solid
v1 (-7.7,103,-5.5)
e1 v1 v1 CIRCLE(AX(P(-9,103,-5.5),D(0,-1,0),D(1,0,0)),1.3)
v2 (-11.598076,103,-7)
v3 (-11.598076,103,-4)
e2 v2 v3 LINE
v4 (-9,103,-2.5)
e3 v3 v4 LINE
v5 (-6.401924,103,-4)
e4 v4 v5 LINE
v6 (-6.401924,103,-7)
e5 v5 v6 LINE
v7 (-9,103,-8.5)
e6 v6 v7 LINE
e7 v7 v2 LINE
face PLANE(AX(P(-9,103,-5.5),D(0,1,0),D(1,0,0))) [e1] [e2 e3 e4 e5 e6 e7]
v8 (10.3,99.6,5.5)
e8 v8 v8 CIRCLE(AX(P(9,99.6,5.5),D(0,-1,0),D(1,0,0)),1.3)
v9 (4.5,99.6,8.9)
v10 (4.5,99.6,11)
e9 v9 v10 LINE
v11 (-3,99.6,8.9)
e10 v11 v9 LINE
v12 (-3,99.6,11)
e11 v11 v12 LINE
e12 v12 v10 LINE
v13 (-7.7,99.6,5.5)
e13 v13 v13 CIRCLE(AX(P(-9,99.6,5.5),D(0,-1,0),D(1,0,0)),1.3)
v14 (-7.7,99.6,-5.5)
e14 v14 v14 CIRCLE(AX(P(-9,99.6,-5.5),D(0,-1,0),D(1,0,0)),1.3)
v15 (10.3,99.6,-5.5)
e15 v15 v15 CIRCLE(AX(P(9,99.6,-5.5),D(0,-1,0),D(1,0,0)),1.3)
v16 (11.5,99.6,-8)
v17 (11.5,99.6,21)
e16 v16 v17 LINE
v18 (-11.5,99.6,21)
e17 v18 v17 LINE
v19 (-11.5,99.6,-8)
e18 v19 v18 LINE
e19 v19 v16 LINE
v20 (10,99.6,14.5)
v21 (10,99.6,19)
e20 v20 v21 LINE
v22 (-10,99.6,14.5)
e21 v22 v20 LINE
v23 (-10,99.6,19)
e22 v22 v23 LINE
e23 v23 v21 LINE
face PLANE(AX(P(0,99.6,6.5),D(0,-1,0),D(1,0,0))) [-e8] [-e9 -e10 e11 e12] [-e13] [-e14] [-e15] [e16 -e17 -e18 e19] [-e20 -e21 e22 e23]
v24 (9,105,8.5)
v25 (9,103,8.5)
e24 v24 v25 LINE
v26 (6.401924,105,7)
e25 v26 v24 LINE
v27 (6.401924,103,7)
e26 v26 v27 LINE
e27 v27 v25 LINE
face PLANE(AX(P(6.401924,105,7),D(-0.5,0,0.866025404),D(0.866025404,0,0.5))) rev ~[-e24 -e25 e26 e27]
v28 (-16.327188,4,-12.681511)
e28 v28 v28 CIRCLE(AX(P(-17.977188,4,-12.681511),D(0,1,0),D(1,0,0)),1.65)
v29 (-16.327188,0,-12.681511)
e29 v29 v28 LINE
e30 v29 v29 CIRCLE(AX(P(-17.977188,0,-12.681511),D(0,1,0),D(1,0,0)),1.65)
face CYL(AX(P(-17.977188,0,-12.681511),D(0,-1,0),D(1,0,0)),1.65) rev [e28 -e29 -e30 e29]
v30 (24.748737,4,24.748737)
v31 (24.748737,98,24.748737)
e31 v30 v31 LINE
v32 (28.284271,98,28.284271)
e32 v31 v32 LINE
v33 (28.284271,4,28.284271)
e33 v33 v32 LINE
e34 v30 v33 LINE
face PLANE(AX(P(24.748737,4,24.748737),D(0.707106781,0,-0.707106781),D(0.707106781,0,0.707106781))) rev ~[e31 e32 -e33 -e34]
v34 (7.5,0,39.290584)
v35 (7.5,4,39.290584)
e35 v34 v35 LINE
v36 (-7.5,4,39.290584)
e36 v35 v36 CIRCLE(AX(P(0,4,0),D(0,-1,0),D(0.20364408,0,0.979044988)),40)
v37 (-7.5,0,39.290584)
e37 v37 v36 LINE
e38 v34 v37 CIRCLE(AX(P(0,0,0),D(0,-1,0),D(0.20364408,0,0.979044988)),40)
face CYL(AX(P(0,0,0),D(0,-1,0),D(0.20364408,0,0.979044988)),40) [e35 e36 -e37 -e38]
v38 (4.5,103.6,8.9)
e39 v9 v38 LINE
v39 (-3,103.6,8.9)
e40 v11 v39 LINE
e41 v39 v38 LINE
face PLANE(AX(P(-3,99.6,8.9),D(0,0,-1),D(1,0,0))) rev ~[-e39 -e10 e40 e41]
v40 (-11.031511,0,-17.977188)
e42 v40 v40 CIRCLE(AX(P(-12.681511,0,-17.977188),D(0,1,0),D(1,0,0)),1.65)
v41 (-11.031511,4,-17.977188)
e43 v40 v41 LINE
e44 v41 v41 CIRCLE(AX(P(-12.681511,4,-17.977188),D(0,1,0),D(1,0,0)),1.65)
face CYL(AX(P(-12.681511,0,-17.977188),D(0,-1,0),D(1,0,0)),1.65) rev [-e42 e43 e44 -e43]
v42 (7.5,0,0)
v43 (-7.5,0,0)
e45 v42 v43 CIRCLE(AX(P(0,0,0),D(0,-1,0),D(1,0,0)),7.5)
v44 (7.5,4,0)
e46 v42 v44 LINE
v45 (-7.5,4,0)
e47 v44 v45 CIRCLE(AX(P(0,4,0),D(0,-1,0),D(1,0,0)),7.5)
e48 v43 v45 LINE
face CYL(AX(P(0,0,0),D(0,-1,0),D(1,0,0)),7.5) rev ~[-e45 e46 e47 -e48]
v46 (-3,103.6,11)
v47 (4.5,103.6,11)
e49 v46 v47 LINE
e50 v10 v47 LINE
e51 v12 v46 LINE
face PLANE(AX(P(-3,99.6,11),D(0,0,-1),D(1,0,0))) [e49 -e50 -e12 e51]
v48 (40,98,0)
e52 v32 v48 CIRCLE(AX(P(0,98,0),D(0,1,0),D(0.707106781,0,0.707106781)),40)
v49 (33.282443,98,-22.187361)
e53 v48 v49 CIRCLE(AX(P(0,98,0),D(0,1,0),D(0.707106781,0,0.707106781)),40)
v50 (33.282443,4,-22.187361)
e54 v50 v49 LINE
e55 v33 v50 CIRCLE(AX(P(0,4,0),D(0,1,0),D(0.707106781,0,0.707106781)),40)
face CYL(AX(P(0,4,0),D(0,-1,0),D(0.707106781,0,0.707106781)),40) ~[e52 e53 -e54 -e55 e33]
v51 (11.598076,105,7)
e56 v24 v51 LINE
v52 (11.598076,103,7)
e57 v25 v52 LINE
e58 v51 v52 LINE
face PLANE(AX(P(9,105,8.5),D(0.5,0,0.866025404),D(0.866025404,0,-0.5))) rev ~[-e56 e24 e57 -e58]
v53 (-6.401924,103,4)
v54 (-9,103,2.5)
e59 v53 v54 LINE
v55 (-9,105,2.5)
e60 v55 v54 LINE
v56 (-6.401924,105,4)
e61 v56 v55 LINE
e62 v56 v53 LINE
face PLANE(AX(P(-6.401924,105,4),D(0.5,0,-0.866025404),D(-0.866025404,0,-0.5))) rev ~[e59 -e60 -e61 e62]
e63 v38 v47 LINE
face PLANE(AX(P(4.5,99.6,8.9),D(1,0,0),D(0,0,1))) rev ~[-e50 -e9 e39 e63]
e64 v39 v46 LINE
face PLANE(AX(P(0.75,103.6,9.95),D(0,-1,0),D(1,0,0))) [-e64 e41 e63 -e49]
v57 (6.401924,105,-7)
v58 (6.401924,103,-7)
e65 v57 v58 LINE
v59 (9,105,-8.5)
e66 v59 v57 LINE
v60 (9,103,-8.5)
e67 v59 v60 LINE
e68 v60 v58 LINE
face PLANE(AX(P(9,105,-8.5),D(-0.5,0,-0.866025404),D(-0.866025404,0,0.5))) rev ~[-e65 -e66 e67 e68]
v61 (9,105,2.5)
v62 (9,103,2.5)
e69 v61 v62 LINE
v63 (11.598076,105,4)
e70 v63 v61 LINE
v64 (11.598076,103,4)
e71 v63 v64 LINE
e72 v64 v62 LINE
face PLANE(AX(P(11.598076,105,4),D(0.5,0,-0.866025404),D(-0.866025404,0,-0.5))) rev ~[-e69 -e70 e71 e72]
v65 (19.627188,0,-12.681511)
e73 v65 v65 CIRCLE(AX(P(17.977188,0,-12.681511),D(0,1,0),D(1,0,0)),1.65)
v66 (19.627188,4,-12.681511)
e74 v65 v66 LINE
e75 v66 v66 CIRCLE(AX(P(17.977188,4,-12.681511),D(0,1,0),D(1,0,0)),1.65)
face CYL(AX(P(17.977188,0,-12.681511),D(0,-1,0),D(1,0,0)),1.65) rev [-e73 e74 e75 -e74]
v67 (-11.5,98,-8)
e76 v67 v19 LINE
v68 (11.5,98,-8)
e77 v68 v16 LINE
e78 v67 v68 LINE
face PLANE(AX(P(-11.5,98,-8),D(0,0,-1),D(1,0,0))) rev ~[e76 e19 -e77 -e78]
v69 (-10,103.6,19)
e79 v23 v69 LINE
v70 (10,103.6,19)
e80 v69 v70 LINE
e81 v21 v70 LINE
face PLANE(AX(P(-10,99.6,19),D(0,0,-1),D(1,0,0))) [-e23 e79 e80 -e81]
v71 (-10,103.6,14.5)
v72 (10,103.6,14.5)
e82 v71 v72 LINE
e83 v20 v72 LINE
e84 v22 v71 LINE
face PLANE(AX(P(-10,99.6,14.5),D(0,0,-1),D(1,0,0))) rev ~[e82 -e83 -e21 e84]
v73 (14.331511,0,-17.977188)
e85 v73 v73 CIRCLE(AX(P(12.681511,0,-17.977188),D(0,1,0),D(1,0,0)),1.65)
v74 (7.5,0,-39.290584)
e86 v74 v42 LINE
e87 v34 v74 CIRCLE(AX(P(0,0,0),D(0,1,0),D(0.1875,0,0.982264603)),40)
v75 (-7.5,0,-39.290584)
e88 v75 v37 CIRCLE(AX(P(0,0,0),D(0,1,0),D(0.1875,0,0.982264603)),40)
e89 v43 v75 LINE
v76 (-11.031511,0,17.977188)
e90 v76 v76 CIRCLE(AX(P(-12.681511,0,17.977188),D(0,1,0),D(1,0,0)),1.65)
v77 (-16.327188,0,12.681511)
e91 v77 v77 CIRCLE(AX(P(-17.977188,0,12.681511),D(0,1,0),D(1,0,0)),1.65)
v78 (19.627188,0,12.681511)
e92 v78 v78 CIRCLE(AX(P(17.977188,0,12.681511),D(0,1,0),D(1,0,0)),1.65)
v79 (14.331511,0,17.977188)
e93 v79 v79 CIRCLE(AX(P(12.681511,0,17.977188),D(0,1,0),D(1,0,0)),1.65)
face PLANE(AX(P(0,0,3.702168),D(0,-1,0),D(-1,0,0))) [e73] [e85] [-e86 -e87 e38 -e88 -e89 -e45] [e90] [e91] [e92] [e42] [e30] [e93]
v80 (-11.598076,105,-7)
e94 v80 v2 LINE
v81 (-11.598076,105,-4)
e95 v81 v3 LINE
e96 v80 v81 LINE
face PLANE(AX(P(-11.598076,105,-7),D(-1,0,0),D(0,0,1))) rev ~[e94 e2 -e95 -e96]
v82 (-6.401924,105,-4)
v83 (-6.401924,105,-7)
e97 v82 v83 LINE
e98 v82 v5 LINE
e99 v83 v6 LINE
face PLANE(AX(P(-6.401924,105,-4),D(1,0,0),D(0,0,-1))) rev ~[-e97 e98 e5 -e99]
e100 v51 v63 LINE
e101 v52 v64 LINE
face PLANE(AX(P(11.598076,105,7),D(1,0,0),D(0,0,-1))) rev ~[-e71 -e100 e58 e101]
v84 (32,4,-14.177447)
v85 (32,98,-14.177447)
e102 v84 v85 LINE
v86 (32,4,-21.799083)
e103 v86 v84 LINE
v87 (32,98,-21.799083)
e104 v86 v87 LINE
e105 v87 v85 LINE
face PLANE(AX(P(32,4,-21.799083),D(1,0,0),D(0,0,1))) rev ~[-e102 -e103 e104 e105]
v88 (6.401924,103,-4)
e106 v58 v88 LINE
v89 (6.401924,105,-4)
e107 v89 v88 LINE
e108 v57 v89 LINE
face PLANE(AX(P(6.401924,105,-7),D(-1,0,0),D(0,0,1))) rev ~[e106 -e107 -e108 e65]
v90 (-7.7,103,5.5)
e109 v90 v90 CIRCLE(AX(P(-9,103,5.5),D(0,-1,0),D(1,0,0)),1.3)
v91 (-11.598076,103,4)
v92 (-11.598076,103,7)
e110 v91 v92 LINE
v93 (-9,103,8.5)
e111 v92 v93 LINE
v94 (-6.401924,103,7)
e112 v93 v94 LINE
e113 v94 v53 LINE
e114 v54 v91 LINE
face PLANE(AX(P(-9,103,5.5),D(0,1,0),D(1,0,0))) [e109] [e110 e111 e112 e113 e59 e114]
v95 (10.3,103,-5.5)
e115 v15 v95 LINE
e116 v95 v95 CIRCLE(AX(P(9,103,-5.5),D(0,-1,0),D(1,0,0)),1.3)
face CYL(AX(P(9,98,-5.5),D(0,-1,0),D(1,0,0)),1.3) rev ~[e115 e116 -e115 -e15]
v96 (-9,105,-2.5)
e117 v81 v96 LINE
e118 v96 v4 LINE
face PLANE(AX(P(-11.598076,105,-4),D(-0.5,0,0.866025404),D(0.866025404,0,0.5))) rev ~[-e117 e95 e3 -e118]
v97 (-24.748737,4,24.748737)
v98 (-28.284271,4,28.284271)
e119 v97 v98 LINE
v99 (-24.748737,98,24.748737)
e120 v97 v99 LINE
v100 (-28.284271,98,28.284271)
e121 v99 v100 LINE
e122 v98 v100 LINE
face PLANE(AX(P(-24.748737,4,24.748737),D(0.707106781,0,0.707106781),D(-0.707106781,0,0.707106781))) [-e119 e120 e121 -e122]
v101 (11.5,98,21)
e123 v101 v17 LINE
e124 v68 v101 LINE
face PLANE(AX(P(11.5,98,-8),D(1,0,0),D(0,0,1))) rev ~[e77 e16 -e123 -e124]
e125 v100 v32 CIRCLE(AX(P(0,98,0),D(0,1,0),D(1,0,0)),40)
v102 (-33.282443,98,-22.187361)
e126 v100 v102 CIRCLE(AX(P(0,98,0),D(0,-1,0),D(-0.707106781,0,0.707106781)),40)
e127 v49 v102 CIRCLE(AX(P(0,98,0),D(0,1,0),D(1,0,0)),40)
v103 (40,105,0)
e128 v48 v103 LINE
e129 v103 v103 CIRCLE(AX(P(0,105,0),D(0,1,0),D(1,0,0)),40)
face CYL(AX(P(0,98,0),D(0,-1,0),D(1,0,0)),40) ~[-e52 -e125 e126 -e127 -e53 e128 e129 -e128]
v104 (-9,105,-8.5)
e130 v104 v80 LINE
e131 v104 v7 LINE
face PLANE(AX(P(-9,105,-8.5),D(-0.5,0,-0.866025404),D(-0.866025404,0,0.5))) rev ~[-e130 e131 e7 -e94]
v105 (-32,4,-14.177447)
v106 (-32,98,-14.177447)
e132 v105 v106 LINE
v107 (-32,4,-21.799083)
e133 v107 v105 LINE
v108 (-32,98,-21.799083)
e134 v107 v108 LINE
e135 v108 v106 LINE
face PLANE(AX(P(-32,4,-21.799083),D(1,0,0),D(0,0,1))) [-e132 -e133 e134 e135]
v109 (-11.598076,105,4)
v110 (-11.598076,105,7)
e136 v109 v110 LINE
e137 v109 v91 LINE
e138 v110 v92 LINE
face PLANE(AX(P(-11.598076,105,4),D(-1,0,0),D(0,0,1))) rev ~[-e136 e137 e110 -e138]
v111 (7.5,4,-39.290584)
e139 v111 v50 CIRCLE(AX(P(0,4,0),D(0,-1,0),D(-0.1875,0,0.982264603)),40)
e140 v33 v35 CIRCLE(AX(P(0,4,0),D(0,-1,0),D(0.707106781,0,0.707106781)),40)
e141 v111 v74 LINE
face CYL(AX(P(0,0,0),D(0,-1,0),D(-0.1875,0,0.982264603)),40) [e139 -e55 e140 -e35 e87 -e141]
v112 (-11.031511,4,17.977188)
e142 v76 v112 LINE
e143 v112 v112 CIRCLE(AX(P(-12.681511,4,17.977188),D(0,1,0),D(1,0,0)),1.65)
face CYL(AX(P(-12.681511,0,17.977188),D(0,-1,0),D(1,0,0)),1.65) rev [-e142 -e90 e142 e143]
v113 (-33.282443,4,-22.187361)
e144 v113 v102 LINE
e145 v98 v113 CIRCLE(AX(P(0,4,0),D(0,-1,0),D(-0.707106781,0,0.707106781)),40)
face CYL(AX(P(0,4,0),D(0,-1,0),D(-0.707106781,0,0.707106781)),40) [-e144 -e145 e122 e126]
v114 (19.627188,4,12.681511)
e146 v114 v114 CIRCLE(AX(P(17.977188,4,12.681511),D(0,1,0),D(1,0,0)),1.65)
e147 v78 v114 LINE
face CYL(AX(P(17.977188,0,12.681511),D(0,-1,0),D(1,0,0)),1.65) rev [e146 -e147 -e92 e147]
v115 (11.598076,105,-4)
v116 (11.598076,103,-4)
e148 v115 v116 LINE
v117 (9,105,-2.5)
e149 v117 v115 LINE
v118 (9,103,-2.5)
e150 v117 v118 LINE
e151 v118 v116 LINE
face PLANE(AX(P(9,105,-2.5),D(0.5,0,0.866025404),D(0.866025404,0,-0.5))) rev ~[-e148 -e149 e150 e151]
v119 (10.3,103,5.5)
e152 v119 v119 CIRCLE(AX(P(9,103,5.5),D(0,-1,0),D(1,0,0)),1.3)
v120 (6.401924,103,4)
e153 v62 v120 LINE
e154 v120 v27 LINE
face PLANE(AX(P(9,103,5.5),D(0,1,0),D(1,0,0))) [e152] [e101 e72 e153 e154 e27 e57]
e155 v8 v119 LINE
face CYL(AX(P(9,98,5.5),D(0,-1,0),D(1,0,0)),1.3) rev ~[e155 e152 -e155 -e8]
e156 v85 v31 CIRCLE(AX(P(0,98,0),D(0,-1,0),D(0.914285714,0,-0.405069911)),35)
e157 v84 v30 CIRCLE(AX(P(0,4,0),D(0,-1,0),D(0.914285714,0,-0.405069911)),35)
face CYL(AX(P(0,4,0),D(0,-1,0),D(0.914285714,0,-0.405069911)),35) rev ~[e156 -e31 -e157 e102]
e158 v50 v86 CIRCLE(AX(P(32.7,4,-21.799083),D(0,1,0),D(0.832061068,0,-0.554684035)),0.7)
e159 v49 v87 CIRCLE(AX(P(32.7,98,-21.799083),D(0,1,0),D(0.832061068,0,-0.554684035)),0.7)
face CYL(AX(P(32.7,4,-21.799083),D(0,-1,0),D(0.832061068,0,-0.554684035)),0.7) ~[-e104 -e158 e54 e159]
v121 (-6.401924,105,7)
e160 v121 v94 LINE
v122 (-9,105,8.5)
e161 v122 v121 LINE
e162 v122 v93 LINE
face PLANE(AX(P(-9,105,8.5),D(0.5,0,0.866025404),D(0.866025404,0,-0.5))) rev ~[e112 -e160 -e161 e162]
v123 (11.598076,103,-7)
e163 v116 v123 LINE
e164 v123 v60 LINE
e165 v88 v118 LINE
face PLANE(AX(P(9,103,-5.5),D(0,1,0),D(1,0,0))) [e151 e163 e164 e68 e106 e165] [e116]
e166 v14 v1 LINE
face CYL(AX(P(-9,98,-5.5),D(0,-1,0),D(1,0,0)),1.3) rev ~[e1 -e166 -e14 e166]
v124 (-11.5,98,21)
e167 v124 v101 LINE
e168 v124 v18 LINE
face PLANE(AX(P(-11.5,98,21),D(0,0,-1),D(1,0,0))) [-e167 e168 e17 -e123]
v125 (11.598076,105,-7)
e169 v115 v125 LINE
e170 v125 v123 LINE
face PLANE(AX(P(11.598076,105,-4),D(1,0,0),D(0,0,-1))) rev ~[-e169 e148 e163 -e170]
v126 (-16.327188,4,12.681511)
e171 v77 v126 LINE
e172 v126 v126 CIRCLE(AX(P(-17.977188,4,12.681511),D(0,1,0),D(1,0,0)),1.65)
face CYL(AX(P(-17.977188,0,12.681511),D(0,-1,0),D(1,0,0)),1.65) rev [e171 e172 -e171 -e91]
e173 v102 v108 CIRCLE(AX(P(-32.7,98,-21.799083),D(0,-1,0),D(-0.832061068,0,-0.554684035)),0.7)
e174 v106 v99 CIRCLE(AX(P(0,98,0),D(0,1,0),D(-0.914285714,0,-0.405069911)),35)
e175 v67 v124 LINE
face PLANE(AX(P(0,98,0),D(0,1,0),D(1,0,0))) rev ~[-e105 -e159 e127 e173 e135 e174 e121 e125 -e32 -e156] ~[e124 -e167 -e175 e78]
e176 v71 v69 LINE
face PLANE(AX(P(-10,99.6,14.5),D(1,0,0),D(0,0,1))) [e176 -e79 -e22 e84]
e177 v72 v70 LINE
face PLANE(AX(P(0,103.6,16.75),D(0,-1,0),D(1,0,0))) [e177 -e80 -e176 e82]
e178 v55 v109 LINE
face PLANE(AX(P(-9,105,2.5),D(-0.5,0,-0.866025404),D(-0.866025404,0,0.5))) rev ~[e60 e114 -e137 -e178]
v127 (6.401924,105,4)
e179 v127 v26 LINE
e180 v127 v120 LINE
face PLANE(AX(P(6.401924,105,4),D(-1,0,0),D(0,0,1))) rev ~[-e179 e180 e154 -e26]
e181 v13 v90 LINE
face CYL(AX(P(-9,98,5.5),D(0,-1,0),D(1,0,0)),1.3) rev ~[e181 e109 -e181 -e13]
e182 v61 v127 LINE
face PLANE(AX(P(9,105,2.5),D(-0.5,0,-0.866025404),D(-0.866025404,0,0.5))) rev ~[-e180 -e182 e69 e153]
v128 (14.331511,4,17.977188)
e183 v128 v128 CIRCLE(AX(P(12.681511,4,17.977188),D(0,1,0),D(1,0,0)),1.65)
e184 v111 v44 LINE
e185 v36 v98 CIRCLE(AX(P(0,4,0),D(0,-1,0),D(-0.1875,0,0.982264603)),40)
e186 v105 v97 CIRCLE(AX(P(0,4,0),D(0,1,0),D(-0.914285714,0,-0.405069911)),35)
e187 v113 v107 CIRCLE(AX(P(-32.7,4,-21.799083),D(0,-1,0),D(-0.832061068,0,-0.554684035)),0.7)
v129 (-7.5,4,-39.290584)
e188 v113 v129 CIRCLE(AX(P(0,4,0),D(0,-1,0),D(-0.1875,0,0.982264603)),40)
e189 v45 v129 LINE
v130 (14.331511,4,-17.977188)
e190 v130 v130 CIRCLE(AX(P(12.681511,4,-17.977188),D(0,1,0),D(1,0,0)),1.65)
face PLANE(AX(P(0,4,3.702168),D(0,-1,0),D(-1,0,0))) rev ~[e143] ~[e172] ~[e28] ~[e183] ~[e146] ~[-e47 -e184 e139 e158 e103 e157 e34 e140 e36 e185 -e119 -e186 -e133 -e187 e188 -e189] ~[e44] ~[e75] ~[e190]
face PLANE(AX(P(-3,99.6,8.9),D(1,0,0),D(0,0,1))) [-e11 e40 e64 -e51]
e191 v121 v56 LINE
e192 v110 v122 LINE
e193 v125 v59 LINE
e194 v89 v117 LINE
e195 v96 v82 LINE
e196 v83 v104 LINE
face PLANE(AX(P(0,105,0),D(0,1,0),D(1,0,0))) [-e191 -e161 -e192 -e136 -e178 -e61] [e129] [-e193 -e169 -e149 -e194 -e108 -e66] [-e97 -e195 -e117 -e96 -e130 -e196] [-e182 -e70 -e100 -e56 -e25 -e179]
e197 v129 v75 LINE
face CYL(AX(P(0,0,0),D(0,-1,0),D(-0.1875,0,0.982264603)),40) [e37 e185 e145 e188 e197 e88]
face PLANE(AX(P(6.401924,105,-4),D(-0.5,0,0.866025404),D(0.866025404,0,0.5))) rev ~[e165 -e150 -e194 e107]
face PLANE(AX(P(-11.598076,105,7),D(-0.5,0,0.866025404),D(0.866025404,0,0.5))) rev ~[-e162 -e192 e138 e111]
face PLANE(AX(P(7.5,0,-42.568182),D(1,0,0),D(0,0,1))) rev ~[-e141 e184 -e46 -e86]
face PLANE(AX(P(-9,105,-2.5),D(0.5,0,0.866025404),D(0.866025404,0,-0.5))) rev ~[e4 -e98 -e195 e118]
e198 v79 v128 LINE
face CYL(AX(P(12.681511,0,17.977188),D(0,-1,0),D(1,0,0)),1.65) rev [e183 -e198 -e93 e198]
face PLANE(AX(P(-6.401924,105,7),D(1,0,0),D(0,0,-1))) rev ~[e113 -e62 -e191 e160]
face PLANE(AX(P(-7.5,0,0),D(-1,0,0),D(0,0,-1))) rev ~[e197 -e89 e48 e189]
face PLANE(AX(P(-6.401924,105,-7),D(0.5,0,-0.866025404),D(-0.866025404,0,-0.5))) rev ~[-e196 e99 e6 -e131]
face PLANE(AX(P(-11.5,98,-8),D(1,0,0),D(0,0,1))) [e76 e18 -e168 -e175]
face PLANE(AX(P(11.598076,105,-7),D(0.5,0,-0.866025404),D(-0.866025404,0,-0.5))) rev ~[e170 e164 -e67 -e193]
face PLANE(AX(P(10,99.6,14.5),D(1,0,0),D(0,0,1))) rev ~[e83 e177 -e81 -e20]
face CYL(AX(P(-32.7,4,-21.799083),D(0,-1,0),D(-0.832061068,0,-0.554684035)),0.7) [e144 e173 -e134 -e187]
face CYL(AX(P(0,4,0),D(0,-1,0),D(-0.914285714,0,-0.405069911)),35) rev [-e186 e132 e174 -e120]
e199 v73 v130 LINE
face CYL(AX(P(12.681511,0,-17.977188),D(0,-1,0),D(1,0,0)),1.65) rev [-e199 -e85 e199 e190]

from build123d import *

# Parameters (mm, degrees)
SKETCH1_R           = 1.65
BOSS_EXTRUDE1_DEPTH = 4
BOSS_EXTRUDE2_DEPTH = 94
SKETCH3_R           = 40
BOSS_EXTRUDE3_DEPTH = 7
SKETCH4_R           = 1.3
CUT_EXTRUDE1_DEPTH  = 22
SKETCH5_W           = 23
SKETCH5_H           = 29
CUT_EXTRUDE2_DEPTH  = 1.6
SKETCH6_W           = 7.5
SKETCH6_H           = 2.1
SKETCH6_W_2         = 20
SKETCH6_H_2         = 4.5
CUT_EXTRUDE3_DEPTH  = 4
CUT_EXTRUDE4_DEPTH  = 2
BOSS_EXTRUDE4_DEPTH = 4
CUT_EXTRUDE5_DEPTH  = 4


with BuildPart() as part:
    # Sketch1 → Boss-Extrude1 (new body)
    with BuildSketch(Plane(origin=(0, 0, 0), x_dir=(1, 0, 0), z_dir=(0, 1, 0))):
        with BuildLine():
            Line((-7.5, 0), (-7.5, -39.290584114))
            ThreePointArc((-7.5, -39.290584114), (0, 40), (7.5, -39.290584114))
            Line((7.5, -39.290584114), (7.5, 0))
            ThreePointArc((7.5, 0), (0, 7.5), (-7.5, 0))
        make_face()
        with Locations((-17.977187763, 12.681510956)):
            Circle(SKETCH1_R, mode=Mode.SUBTRACT)
        with Locations((-12.681510956, 17.977187763)):
            Circle(SKETCH1_R, mode=Mode.SUBTRACT)
        with Locations((12.681510956, 17.977187763)):
            Circle(SKETCH1_R, mode=Mode.SUBTRACT)
        with Locations((17.977187763, 12.681510956)):
            Circle(SKETCH1_R, mode=Mode.SUBTRACT)
        with Locations((17.977187763, -12.681510956)):
            Circle(SKETCH1_R, mode=Mode.SUBTRACT)
        with Locations((12.681510956, -17.977187763)):
            Circle(SKETCH1_R, mode=Mode.SUBTRACT)
        with Locations((-12.681510956, -17.977187763)):
            Circle(SKETCH1_R, mode=Mode.SUBTRACT)
        with Locations((-17.977187763, -12.681510956)):
            Circle(SKETCH1_R, mode=Mode.SUBTRACT)
    extrude(amount=BOSS_EXTRUDE1_DEPTH)

    # Sketch2 → Boss-Extrude2 (add)
    with BuildSketch(Plane(origin=(0, 4, 0), x_dir=(1, 0, 0), z_dir=(0, 1, 0))):
        with BuildLine():
            Line((-24.748737342, -24.748737342), (-28.284271247, -28.284271247))
            ThreePointArc((-28.284271247, -28.284271247), (-39.805294785, -3.941891309), (-33.282442748, 22.187361374))
            ThreePointArc((-33.282442748, 22.187361374), (-32.497157603, 22.469048938), (-32, 21.79908255))
            Line((-32, 21.79908255), (-32, 14.177446879))
            ThreePointArc((-32, 14.177446879), (-34.408091373, -6.409621521), (-24.748737342, -24.748737342))
        make_face()
        with BuildLine():
            Line((24.748737342, -24.748737342), (28.284271247, -28.284271247))
            ThreePointArc((28.284271247, -28.284271247), (39.805294785, -3.941891309), (33.282442748, 22.187361374))
            ThreePointArc((33.282442748, 22.187361374), (32.497157603, 22.469048938), (32, 21.79908255))
            Line((32, 21.79908255), (32, 14.177446879))
            ThreePointArc((32, 14.177446879), (34.408091373, -6.409621521), (24.748737342, -24.748737342))
        make_face()
    extrude(amount=BOSS_EXTRUDE2_DEPTH)

    # Sketch3 → Boss-Extrude3 (add)
    with BuildSketch(Plane(origin=(0, 98, 0), x_dir=(1, 0, 0), z_dir=(0, 1, 0))):
        Circle(SKETCH3_R)
    extrude(amount=BOSS_EXTRUDE3_DEPTH)

    # Sketch4 → Cut-Extrude1 (cut)
    with BuildSketch(Plane.XZ.offset(-98)):
        with Locations((9, -5.5)):
            Circle(SKETCH4_R)
        with Locations((-9, -5.5)):
            Circle(SKETCH4_R)
        with Locations((9, 5.5)):
            Circle(SKETCH4_R)
        with Locations((-9, 5.5)):
            Circle(SKETCH4_R)
    extrude(amount=-CUT_EXTRUDE1_DEPTH, mode=Mode.SUBTRACT)

    # Sketch5 → Cut-Extrude2 (cut)
    with BuildSketch(Plane.XZ.offset(-98)):
        with Locations((0, 6.5)):
            Rectangle(SKETCH5_W, SKETCH5_H)
    extrude(amount=-CUT_EXTRUDE2_DEPTH, mode=Mode.SUBTRACT)

    # Sketch6 → Cut-Extrude3 (cut)
    with BuildSketch(Plane.XZ.offset(-99.6)):
        with Locations((0.75, 9.95)):
            Rectangle(SKETCH6_W, SKETCH6_H)
        with Locations((0, 16.75)):
            Rectangle(SKETCH6_W_2, SKETCH6_H_2)
    extrude(amount=-CUT_EXTRUDE3_DEPTH, mode=Mode.SUBTRACT)

    # Sketch7 → Cut-Extrude4 (cut)
    with BuildSketch(Plane(origin=(0, 105, 0), x_dir=(1, 0, 0), z_dir=(0, 1, 0))):
        Polygon((9, -8.5), (11.598076211, -7), (11.598076211, -4), (9, -2.5), (6.401923789, -4), (6.401923789, -7), align=None)
        Polygon((-9, 2.5), (-6.401923789, 4), (-6.401923789, 7), (-9, 8.5), (-11.598076211, 7), (-11.598076211, 4), align=None)
        Polygon((-9, -8.5), (-6.401923789, -7), (-6.401923789, -4), (-9, -2.5), (-11.598076211, -4), (-11.598076211, -7), align=None)
        Polygon((9, 2.5), (11.598076211, 4), (11.598076211, 7), (9, 8.5), (6.401923789, 7), (6.401923789, 4), align=None)
    extrude(amount=-CUT_EXTRUDE4_DEPTH, mode=Mode.SUBTRACT)

    # Sketch8 → Boss-Extrude4 (add)
    with BuildSketch(Plane.XZ):
        with BuildLine():
            Line((-7.935549944, -8.30342312), (8.145763187, -8.30342312))
            Line((8.145763187, -8.30342312), (8.145763187, 39.161799526))
            ThreePointArc((8.145763187, 39.161799526), (0.107296793, 39.999856092), (-7.935549944, 39.204936514))
            Line((-7.935549944, 39.204936514), (-7.935549944, -8.30342312))
        make_face()
    extrude(amount=-BOSS_EXTRUDE4_DEPTH)

    # Sketch9 → Cut-Extrude5 (cut)
    with BuildSketch(Plane.XZ):
        with BuildLine():
            Line((-7.5, 0), (-7.5, -42.568181818))
            Line((-7.5, -42.568181818), (7.5, -42.568181818))
            Line((7.5, -42.568181818), (7.5, 0))
            ThreePointArc((7.5, 0), (0, 7.5), (-7.5, 0))
        make_face()
    extrude(amount=-CUT_EXTRUDE5_DEPTH, mode=Mode.SUBTRACT)


solid = part.part
